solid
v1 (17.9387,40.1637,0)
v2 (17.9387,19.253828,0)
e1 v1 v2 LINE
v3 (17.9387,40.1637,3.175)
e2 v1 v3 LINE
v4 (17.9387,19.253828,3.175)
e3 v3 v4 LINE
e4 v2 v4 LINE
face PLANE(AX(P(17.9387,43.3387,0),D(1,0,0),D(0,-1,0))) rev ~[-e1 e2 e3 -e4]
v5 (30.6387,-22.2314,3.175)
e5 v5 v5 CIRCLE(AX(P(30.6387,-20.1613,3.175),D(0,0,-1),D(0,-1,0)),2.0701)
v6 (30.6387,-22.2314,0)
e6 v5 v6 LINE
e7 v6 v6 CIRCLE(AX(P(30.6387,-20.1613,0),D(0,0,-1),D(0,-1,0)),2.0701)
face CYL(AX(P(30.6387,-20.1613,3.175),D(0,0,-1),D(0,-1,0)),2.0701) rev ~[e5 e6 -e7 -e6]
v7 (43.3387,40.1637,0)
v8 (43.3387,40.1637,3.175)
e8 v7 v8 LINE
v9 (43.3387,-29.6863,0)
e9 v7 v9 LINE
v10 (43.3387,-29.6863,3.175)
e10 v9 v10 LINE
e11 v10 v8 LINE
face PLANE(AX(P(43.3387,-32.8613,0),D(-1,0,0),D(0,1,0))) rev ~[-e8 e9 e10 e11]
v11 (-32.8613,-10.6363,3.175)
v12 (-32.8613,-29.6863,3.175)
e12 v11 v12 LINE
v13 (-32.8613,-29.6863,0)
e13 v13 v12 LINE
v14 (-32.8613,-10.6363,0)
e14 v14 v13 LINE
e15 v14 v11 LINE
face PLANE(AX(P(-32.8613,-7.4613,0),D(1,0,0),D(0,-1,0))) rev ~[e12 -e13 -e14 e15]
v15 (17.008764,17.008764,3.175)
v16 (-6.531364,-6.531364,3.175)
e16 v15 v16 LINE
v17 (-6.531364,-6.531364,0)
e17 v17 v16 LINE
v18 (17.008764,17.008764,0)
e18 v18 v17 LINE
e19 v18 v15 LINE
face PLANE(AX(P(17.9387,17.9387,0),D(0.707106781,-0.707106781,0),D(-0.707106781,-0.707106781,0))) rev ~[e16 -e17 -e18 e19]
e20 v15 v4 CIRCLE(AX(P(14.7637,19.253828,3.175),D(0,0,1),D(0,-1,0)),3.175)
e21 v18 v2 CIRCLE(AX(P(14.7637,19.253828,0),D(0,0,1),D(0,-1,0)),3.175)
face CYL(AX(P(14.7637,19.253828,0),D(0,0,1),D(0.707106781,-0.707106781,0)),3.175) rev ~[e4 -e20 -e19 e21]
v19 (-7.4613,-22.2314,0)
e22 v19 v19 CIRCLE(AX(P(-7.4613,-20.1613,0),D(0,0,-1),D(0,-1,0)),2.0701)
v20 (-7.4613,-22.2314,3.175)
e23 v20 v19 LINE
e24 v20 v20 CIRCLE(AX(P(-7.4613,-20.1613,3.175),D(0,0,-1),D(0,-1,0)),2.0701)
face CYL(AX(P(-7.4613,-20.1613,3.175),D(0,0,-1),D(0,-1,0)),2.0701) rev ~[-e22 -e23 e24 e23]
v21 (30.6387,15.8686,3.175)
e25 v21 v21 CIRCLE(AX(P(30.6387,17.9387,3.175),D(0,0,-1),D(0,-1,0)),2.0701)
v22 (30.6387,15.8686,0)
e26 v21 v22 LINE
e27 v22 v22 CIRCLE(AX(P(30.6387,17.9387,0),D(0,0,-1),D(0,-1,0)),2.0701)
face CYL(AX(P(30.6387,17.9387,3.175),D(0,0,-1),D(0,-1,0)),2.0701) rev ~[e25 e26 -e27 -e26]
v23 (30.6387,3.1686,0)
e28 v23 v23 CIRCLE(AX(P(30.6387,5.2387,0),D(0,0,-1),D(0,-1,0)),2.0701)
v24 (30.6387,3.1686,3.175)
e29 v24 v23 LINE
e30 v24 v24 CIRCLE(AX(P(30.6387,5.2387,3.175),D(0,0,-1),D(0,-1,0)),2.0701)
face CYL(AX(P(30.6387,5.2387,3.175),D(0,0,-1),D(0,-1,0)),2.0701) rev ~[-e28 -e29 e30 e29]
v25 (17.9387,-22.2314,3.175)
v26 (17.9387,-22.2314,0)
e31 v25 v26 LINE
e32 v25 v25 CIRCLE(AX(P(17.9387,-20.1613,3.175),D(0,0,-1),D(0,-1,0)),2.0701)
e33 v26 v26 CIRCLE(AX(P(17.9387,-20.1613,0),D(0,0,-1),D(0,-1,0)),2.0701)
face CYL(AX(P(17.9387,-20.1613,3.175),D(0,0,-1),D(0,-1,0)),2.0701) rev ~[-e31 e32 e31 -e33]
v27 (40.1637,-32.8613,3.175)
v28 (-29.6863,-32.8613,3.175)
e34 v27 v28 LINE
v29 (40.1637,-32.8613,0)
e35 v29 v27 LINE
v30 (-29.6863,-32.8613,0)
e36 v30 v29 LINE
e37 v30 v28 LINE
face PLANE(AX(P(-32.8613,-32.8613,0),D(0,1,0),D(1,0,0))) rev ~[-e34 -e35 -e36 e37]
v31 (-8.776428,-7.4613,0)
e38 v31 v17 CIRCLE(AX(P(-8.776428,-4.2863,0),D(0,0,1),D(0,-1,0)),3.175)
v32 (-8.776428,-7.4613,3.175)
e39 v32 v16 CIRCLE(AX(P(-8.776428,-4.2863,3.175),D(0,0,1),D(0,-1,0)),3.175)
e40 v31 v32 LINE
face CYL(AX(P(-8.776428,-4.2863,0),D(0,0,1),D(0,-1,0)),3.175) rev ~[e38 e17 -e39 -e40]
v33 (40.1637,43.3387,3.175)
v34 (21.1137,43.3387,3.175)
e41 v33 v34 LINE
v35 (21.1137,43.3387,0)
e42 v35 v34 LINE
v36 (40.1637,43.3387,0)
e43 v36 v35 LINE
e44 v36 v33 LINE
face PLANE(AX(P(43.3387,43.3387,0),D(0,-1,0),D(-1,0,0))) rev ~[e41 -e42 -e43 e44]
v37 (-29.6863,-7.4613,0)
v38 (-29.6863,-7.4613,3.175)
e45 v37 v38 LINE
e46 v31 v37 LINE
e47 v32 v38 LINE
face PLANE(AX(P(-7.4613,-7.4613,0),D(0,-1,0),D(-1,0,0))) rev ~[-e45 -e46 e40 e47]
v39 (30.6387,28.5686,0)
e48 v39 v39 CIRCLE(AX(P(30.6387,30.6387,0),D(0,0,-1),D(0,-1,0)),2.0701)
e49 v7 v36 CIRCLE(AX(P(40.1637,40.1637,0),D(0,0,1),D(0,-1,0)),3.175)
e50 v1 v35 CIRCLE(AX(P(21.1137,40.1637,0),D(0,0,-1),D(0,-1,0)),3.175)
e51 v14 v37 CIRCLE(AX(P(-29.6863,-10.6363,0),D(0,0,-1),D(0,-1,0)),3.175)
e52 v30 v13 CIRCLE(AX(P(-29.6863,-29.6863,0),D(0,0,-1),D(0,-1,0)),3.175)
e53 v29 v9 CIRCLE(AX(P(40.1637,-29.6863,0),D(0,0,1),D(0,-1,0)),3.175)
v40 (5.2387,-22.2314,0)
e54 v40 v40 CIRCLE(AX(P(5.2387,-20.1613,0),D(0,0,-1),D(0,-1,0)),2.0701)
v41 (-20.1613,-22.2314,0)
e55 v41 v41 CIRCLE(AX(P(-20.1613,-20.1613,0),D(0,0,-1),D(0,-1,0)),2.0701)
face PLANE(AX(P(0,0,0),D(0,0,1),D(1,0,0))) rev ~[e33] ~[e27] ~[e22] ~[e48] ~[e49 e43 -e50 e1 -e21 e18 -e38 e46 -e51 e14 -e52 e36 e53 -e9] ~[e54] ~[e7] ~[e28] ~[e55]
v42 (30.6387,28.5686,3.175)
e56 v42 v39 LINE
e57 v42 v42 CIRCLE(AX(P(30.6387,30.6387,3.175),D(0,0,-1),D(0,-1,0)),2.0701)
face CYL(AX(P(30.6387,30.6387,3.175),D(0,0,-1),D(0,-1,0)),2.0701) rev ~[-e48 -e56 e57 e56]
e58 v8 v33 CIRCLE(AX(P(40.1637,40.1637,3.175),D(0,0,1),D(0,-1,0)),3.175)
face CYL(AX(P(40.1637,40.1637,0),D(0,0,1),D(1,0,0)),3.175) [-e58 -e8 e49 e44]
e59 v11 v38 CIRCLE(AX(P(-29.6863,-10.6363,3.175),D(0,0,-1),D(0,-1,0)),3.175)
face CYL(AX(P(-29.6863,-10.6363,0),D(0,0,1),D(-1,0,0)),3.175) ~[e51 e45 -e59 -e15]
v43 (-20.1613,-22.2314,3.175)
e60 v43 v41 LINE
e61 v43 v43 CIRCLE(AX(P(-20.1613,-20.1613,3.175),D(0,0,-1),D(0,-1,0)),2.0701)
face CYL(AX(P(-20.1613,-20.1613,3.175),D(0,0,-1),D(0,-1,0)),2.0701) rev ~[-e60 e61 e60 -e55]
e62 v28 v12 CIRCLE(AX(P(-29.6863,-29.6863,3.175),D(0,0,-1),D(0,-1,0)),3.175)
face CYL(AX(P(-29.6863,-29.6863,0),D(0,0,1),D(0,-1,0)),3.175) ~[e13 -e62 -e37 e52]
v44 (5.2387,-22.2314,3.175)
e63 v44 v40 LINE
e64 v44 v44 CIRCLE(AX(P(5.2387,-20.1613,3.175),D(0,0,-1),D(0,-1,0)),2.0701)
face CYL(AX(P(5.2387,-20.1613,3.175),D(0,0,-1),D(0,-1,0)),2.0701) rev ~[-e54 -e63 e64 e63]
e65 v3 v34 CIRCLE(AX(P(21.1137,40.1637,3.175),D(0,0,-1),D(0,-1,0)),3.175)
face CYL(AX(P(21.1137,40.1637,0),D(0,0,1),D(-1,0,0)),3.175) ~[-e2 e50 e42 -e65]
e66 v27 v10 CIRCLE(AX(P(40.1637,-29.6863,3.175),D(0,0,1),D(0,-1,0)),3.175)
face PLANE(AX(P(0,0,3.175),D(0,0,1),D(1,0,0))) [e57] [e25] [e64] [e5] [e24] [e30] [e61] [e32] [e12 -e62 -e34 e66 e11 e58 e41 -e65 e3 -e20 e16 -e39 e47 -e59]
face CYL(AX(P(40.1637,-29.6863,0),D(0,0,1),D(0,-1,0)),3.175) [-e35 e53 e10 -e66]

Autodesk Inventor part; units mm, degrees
ref_plane "YZ Plane" through (0, 0, 0) normal (1, 0, 0) x (0, 1, 0)
ref_plane "XZ Plane" through (0, 0, 0) normal (0, 1, 0) x (-1, 0, 0)
ref_plane "XY Plane" through (0, 0, 0) normal (0, 0, 1) x (1, 0, 0)
sketch "Sketch1" plane through (0, 0, 0) normal (0, 0, 1) x (1, 0, 0)
  line L0 (-32.8613, -32.8613) -> (43.3387, -32.8613)
  line L1 (43.3387, -32.8613) -> (43.3387, 43.3387)
  line L2 (-32.8613, -32.8613) -> (43.3387, 43.3387) construction
  line L3 (43.3387, 43.3387) -> (-32.8613, -32.8613)
  line L4 (43.3387, 43.3387) -> (17.9387, 43.3387)
  line L5 (17.9387, 43.3387) -> (17.9387, 17.9387)
  line L6 (43.3387, 22.2601) -> (43.3387, 43.3387)
  line L7 (-32.8613, -32.8613) -> (-7.4613, -32.8613)
  line L8 (-7.4613, -32.8613) -> (-7.4613, -7.4613)
  line L9 (-7.4613, -7.4613) -> (-32.8613, -7.4613)
  line L10 (-32.8613, -7.4613) -> (-32.8613, -32.8613)
  point P0 (0, 0)
  dimension "d1" = 76.2
  dimension "d2" = 76.2
  dimension "d7" = 25.4
  dimension "d8" = 25.4
extrude "Extrusion1" add sketch "Sketch1" along normal blind 3.175
fillet "Fillet2" radius 3.175 7 edges at (17.9387, 43.3387, 1.5875) (43.3387, 43.3387, 1.5875) (17.9387, 17.9387, 1.5875) (-7.4613, -7.4613, 1.5875) (-32.8613, -7.4613, 1.5875) (-32.8613, -32.8613, 1.5875) (43.3387, -32.8613, 1.5875)
sketch "Sketch2" plane through (0, 0, 3.175) normal (0, 0, 1) x (1, 0, 0)
  arc A0 (20.0074, -20.0851) -> (15.8701, -20.0851) centre (17.9387, -20.1613) ccw projected
  line L0 (20.0074, -20.0851) -> (28.5701, -20.0851) projected
  arc A1 (32.7074, -20.0851) -> (28.5701, -20.0851) centre (30.6387, -20.1613) ccw projected
  line L1 (32.7074, -20.0851) -> (43.3387, -20.0851) projected
  line L2 (43.3387, -20.0851) -> (43.3387, -7.4613) projected
  line L3 (-693.2613, -7.4613) -> (43.3387, -7.4613) projected
  line L4 (-693.2613, -7.4613) -> (-693.2613, -20.0851) projected
  line L5 (-693.2613, -20.0851) -> (-682.6299, -20.0851) projected
  arc A2 (-678.4926, -20.0851) -> (-682.6299, -20.0851) centre (-680.5613, -20.1613) ccw projected
  line L6 (-678.4926, -20.0851) -> (-669.9299, -20.0851) projected
  arc A3 (-665.7926, -20.0851) -> (-669.9299, -20.0851) centre (-667.8613, -20.1613) ccw projected
  line L7 (-665.7926, -20.0851) -> (-657.2299, -20.0851) projected
  arc A4 (-653.0926, -20.0851) -> (-657.2299, -20.0851) centre (-655.1613, -20.1613) ccw projected
  line L8 (-653.0926, -20.0851) -> (-644.5299, -20.0851) projected
  arc A5 (-640.3926, -20.0851) -> (-644.5299, -20.0851) centre (-642.4613, -20.1613) ccw projected
  line L9 (-640.3926, -20.0851) -> (-631.8299, -20.0851) projected
  arc A6 (-627.6926, -20.0851) -> (-631.8299, -20.0851) centre (-629.7613, -20.1613) ccw projected
  line L10 (-627.6926, -20.0851) -> (-272.9448, -20.0851) projected
  arc A7 (-242.32, -20.0851) -> (-272.9448, -20.0851) centre (-257.6324, -29.1216) ccw projected
  line L11 (-242.32, -20.0851) -> (-22.2299, -20.0851) projected
  arc A8 (-18.0926, -20.0851) -> (-22.2299, -20.0851) centre (-20.1613, -20.1613) ccw projected
  line L12 (-18.0926, -20.0851) -> (-9.5299, -20.0851) projected
  arc A9 (-5.3926, -20.0851) -> (-9.5299, -20.0851) centre (-7.4613, -20.1613) ccw projected
  line L13 (-5.3926, -20.0851) -> (3.1701, -20.0851) projected
  arc A10 (7.3074, -20.0851) -> (3.1701, -20.0851) centre (5.2387, -20.1613) ccw projected
  line L14 (7.3074, -20.0851) -> (15.8701, -20.0851) projected
  arc A11 (-84.7976, -15.8974) -> (-84.7976, -10.792) centre (-84.7976, -13.3447) ccw projected
  line L15 (-84.7976, -15.8974) -> (-94.3226, -15.8974) projected
  arc A12 (-94.3226, -10.792) -> (-94.3226, -15.8974) centre (-94.3226, -13.3447) ccw projected
  line L16 (-94.3226, -10.792) -> (-84.7976, -10.792) projected
  arc A13 (-604.3151, -10.792) -> (-604.3151, -15.8974) centre (-604.3151, -13.3447) ccw projected
  line L17 (-604.3151, -10.792) -> (-594.7901, -10.792) projected
  arc A14 (-594.7901, -15.8974) -> (-594.7901, -10.792) centre (-594.7901, -13.3447) ccw projected
  line L18 (-594.7901, -15.8974) -> (-604.3151, -15.8974) projected
  arc A15 (-564.9959, -10.792) -> (-564.9959, -15.8974) centre (-564.9959, -13.3447) ccw projected
  line L19 (-564.9959, -10.792) -> (-555.4709, -10.792) projected
  arc A16 (-555.4709, -15.8974) -> (-555.4709, -10.792) centre (-555.4709, -13.3447) ccw projected
  line L20 (-555.4709, -15.8974) -> (-564.9959, -15.8974) projected
  arc A17 (-55.0034, -10.792) -> (-55.0034, -15.8974) centre (-55.0034, -13.3447) ccw projected
  line L21 (-55.0034, -10.792) -> (-45.4784, -10.792) projected
  arc A18 (-45.4784, -15.8974) -> (-45.4784, -10.792) centre (-45.4784, -13.3447) ccw projected
  line L22 (-45.4784, -15.8974) -> (-55.0034, -15.8974) projected
  arc A19 (30.7149, 28.5701) -> (30.7149, 32.7074) centre (30.6387, 30.6387) ccw projected
  line L23 (30.7149, 20.0074) -> (30.7149, 28.5701) projected
  arc A20 (30.7149, 15.8701) -> (30.7149, 20.0074) centre (30.6387, 17.9387) ccw projected
  line L24 (30.7149, 7.3074) -> (30.7149, 15.8701) projected
  arc A21 (30.7149, 3.1701) -> (30.7149, 7.3074) centre (30.6387, 5.2387) ccw projected
  line L25 (30.7149, -7.4613) -> (30.7149, 3.1701) projected
  line L26 (43.3387, -7.4613) -> (30.7149, -7.4613) projected
  line L27 (43.3387, 221.1387) -> (43.3387, -7.4613) projected
  line L28 (43.3387, 221.1387) -> (30.7149, 221.1387) projected
  line L29 (30.7149, 190.6448) -> (30.7149, 221.1387) projected
  arc A22 (30.7149, 183.509) -> (30.7149, 190.6448) centre (30.6387, 187.0769) ccw projected
  line L30 (30.7149, 32.7074) -> (30.7149, 183.509) projected
  point P0 (0, 0)
  point P1 (30.6387, 5.2387)
  point P2 (30.6387, 30.6387)
hole "Hole1" at (30.6387, 30.6387, 3.175) at (30.6387, 5.2387, 3.175) at (30.6387, -20.1613, 3.175) at (5.2387, -20.1613, 3.175) at (-20.1613, -20.1613, 3.175) at (-7.4613, -20.1613, 3.175) at (17.9387, -20.1613, 3.175) at (30.6387, 17.9387, 3.175) direction (0, 0, -1) diameter 4.1402 end through all
properties part number "C21_TK_TriangleGusset" material "Aluminum 6061"
